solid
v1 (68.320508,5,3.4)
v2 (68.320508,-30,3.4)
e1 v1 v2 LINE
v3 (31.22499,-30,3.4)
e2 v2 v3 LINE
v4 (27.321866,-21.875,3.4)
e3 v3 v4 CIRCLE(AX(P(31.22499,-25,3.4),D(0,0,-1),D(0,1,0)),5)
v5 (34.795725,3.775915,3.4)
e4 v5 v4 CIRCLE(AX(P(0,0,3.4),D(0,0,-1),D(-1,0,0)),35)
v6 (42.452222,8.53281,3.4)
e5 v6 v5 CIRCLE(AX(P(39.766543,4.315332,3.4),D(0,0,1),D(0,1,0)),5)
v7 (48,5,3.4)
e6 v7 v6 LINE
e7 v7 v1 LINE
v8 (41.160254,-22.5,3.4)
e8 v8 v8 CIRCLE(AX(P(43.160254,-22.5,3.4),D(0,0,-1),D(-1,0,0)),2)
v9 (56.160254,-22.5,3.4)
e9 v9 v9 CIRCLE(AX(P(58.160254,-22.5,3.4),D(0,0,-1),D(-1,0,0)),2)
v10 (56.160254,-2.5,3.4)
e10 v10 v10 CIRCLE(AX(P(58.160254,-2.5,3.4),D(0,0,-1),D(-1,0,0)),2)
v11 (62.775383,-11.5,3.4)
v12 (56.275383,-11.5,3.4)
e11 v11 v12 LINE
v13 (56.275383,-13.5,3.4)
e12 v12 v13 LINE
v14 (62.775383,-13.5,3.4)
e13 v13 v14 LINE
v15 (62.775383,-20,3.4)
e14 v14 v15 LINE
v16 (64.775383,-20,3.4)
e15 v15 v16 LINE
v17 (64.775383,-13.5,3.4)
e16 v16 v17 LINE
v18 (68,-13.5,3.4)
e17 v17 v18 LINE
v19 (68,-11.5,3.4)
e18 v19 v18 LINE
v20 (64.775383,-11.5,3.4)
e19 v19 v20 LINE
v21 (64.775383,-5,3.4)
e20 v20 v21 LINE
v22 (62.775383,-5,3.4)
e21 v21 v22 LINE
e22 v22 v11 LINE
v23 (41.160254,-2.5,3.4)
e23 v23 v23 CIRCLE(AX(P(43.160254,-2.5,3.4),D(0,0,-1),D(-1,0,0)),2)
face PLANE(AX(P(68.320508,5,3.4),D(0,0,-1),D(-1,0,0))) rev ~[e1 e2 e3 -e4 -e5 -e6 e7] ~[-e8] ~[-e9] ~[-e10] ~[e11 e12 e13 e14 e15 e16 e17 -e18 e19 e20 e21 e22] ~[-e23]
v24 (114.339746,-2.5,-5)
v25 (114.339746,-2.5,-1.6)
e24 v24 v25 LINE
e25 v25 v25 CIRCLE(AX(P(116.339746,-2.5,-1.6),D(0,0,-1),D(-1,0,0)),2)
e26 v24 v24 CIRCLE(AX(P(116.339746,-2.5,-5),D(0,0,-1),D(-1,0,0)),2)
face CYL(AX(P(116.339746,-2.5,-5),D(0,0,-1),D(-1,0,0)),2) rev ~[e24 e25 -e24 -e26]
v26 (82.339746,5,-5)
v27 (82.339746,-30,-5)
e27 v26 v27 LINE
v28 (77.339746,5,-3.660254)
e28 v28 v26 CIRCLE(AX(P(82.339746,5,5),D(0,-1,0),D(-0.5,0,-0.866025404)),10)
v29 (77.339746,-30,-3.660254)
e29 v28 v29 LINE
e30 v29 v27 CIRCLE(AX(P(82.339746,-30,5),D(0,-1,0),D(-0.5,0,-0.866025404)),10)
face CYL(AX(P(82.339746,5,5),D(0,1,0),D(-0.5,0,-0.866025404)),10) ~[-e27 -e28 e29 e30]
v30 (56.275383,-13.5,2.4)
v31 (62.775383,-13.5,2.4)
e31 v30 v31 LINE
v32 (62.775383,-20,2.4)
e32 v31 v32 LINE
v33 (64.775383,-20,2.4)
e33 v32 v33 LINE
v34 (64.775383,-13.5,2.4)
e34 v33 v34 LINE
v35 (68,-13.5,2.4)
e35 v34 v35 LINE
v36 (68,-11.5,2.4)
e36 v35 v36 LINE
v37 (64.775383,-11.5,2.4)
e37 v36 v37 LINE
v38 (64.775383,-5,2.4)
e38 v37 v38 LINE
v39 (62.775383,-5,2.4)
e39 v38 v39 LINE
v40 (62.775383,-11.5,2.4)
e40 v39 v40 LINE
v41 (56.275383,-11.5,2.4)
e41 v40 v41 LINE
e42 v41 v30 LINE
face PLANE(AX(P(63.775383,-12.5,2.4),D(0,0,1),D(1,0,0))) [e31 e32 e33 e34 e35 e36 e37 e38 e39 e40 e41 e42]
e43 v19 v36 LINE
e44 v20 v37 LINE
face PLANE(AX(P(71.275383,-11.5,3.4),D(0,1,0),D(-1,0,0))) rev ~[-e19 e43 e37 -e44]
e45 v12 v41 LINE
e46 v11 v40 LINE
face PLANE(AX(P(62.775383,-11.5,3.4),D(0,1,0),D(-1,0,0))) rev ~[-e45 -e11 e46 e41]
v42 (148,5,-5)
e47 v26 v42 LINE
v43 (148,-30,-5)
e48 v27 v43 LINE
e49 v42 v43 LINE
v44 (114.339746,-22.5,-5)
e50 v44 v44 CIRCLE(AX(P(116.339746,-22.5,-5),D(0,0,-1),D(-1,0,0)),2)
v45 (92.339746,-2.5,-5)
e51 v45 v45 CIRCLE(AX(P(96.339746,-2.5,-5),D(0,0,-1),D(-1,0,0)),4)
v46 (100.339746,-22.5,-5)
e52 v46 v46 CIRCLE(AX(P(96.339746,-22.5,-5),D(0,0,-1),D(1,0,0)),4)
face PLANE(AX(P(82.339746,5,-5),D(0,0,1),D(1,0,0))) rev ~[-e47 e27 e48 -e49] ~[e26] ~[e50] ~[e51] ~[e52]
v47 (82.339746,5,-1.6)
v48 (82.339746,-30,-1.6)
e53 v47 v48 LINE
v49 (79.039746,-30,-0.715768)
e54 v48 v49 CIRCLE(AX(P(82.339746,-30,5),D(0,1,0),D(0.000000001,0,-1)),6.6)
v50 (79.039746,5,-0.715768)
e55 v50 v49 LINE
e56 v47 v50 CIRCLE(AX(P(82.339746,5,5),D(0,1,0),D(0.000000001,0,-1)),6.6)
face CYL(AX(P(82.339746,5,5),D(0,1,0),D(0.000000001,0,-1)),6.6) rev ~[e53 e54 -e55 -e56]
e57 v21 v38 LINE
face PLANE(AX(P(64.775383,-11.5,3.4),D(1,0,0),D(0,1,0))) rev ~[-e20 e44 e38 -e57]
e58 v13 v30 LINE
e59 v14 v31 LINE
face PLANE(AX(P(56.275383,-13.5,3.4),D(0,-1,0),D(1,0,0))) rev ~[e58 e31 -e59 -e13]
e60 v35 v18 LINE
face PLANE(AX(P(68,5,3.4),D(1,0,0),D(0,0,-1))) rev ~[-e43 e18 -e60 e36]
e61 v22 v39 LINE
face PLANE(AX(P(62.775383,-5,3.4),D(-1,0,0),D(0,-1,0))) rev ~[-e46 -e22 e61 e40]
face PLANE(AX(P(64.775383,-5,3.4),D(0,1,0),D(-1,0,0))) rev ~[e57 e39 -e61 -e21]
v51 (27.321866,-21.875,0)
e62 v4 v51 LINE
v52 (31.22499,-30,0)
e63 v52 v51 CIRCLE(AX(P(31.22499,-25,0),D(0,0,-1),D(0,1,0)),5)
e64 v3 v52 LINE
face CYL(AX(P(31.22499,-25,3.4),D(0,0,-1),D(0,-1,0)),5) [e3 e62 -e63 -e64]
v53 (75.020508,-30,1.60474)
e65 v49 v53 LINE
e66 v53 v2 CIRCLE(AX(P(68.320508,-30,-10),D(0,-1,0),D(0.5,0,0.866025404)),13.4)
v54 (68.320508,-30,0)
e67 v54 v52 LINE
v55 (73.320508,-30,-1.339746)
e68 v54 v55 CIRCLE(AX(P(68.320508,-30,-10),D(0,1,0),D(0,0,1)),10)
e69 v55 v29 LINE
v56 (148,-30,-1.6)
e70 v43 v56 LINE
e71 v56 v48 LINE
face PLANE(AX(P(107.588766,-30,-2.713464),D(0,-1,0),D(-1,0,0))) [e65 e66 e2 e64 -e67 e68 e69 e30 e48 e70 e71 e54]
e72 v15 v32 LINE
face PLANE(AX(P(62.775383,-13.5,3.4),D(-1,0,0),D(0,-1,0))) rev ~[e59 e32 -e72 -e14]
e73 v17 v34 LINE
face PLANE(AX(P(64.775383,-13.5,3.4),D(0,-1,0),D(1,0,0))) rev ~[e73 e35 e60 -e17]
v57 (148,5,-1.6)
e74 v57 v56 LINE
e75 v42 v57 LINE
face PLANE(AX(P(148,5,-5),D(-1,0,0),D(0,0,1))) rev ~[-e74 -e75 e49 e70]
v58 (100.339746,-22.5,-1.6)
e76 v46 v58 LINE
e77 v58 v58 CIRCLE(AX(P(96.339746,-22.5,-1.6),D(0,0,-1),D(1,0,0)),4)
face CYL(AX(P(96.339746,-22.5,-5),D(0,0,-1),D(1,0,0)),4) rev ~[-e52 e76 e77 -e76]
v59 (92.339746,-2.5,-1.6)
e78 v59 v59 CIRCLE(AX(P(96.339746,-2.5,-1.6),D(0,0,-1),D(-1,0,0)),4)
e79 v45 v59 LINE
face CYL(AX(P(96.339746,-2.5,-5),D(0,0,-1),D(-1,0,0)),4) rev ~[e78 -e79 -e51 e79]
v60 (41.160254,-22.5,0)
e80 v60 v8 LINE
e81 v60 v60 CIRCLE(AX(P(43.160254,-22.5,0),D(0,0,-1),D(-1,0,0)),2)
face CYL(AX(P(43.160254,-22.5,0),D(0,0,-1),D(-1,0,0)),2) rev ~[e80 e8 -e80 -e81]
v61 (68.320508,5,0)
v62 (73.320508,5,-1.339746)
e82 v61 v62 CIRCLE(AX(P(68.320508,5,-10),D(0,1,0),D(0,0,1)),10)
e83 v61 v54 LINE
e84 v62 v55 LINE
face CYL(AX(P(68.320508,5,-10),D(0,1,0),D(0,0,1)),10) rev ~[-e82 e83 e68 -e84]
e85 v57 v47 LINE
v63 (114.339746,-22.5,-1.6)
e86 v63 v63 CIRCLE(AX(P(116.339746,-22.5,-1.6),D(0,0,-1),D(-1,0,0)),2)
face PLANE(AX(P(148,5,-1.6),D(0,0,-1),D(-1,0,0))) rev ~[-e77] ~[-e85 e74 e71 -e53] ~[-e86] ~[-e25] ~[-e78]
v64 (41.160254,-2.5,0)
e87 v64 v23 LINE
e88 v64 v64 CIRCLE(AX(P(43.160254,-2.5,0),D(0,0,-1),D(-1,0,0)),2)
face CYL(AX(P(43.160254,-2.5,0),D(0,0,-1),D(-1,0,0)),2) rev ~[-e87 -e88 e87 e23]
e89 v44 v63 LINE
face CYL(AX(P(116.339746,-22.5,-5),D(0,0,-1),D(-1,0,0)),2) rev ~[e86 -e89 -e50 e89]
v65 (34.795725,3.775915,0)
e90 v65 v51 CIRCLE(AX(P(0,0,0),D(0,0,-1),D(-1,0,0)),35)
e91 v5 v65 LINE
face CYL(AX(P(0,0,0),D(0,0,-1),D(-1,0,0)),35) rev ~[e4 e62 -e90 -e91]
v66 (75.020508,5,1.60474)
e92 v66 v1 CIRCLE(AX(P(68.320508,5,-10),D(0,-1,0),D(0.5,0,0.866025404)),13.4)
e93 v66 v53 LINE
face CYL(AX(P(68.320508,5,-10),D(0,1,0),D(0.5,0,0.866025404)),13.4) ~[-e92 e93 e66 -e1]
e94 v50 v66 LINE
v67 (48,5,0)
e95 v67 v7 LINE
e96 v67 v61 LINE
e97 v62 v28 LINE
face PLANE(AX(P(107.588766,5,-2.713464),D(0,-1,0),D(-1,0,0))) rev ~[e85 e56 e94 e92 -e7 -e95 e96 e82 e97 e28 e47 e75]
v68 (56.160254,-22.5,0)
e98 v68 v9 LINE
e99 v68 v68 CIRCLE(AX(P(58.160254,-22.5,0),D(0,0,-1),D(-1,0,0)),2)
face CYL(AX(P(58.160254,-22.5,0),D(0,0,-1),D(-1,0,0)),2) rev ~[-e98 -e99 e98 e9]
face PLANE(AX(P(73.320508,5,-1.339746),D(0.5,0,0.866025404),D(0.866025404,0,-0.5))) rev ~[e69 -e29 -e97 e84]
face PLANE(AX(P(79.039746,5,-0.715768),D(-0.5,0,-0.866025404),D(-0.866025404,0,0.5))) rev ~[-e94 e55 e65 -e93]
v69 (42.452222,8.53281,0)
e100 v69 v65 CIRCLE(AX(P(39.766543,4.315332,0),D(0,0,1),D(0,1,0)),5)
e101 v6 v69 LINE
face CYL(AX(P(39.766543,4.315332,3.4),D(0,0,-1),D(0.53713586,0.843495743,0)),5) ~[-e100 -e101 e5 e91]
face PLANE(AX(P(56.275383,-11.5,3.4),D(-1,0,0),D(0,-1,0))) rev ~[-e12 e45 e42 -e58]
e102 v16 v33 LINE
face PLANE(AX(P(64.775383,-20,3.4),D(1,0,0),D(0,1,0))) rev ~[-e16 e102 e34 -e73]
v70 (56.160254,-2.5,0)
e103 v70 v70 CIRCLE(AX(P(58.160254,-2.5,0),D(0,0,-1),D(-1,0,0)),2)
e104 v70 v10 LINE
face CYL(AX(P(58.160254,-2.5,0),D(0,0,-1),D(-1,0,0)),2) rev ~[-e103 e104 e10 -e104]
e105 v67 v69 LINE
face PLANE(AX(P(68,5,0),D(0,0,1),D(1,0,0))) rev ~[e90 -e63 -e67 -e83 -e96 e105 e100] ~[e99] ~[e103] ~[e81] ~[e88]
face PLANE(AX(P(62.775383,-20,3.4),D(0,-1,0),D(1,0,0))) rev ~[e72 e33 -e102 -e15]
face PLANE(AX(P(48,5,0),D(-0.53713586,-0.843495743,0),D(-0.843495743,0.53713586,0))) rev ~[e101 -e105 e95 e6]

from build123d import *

# Parameters (mm, degrees)
BOSS_EXTRUDE1_DEPTH = 3.4
SKETCH3_R           = 5
CUT_EXTRUDE1_DEPTH  = 6
CUT_EXTRUDE2_DEPTH  = 10
SKETCH6_R           = 35
CUT_EXTRUDE3_DEPTH  = 10
CUT_EXTRUDE4_DEPTH  = 1
CUT_EXTRUDE5_REACH  = 87.508
SKETCH8_W           = 12
SKETCH8_H           = 35
BOSS_EXTRUDE2_DEPTH = 35
SKETCH10_R          = 4
CUT_EXTRUDE6_DEPTH  = 10
CUT_EXTRUDE7_REACH  = 153.093
SKETCH11_R          = 2
CUT_EXTRUDE8_REACH  = 153.243
SKETCH12_R          = 2
FILLET1_R           = 5


with BuildPart() as part:
    # Sketch1 → Boss-Extrude1 (new body)
    with BuildSketch(Plane.XY):
        with BuildLine():
            Line((0, -30), (80, -30))
            Line((80, -30), (80, 5))
            Line((80, 5), (48, 5))
            Line((48, 5), (16.114075804, 25.304872277))
            ThreePointArc((16.114075804, 25.304872277), (-28.802310396, 8.392074585), (0, -30))
        make_face()
    extrude(amount=BOSS_EXTRUDE1_DEPTH)

    # Sketch3 → Cut-Extrude1 (cut)
    with BuildSketch(Plane.XY.offset(3.4)):
        Circle(SKETCH3_R)
    extrude(amount=-CUT_EXTRUDE1_DEPTH, mode=Mode.SUBTRACT)

    # Sketch5 → Cut-Extrude2 (cut)
    with BuildSketch(Plane.XY.offset(3.4)):
        with BuildLine():
            ThreePointArc((0, 10), (-8.660254038, 5), (-8.660254038, -5))
            ThreePointArc((-8.660254038, -5), (-10.124355653, -10.464101615), (-15.588457268, -9))
            ThreePointArc((-15.588457268, -9), (-15.588457268, 9), (0, 18))
            ThreePointArc((0, 18), (4, 14), (0, 10))
        make_face()
    extrude(amount=-CUT_EXTRUDE2_DEPTH, mode=Mode.SUBTRACT)

    # Sketch6 → Cut-Extrude3 (cut)
    with BuildSketch(Plane(origin=(0, 0, 0), x_dir=(-1, 0, 0), z_dir=(0, 0, -1))):
        Circle(SKETCH6_R)
    extrude(amount=-CUT_EXTRUDE3_DEPTH, mode=Mode.SUBTRACT)

    # Sketch7 → Cut-Extrude4 (cut)
    with BuildSketch(Plane.XY.offset(3.4)):
        Polygon((62.77538264, -13.5), (62.77538264, -20), (64.77538264, -20), (64.77538264, -13.5), (71.27538264, -13.5), (71.27538264, -11.5), (64.77538264, -11.5), (64.77538264, -5), (62.77538264, -5), (62.77538264, -11.5), (56.27538264, -11.5), (56.27538264, -13.5), align=None)
    extrude(amount=-CUT_EXTRUDE4_DEPTH, mode=Mode.SUBTRACT)

    # Sketch8 → Cut-Extrude5 (cut, up to next)
    with BuildSketch(Plane(origin=(0, 0, 0), x_dir=(-1, 0, 0), z_dir=(0, 0, -1)), mode=Mode.PRIVATE) as cut_extrude5_sk1:
        with Locations((-74, -12.5)):
            Rectangle(SKETCH8_W, SKETCH8_H)
    cut_extrude5_tool1 = extrude(cut_extrude5_sk1.sketch, amount=-CUT_EXTRUDE5_REACH, mode=Mode.PRIVATE) & part.part
    add(cut_extrude5_tool1.solids().sort_by_distance((74, -12.5, 0))[0], mode=Mode.SUBTRACT)

    # Sketch9 → Boss-Extrude2 (add)
    with BuildSketch(Plane(origin=(0, 5, 0), x_dir=(1, 0, 0), z_dir=(0, 1, 0))):
        with BuildLine():
            Line((68, 0), (68.320508076, 0))
            ThreePointArc((68.320508076, 0), (70.908698527, 0.340741737), (73.320508076, 1.339745962))
            Line((73.320508076, 1.339745962), (77.339745962, 3.660254038))
            ThreePointArc((77.339745962, 3.660254038), (79.751555511, 4.659258263), (82.339745962, 5))
            Line((82.339745962, 5), (83, 5))
            Line((83, 5), (148, 5))
            Line((148, 5), (148, 1.6))
            Line((148, 1.6), (83, 1.6))
            Line((83, 1.6), (82.339745962, 1.6))
            ThreePointArc((82.339745962, 1.6), (80.631540264, 1.375110454), (79.039745962, 0.715767665))
            Line((79.039745962, 0.715767665), (75.020508076, -1.604740411))
            ThreePointArc((75.020508076, -1.604740411), (71.78868328, -2.943406072), (68.320508076, -3.4))
            Line((68.320508076, -3.4), (68, -3.4))
            Line((68, -3.4), (68, 0))
        make_face()
    extrude(amount=-BOSS_EXTRUDE2_DEPTH)

    # Sketch10 → Cut-Extrude6 (cut)
    with BuildSketch(Plane(origin=(0, 0, -5), x_dir=(-1, 0, 0), z_dir=(0, 0, -1))):
        with Locations((-96.339745962, -2.5)):
            Circle(SKETCH10_R)
        with Locations(Location((-96.339745962, -22.5, 0), (0, 0, 180))):
            Circle(SKETCH10_R)
    extrude(amount=-CUT_EXTRUDE6_DEPTH, mode=Mode.SUBTRACT)

    # Sketch11 → Cut-Extrude7 (cut, up to next)
    with BuildSketch(Plane(origin=(0, 0, 0), x_dir=(-1, 0, 0), z_dir=(0, 0, -1)), mode=Mode.PRIVATE) as cut_extrude7_sk1:
        with Locations((-58.160254038, -22.5)):
            Circle(SKETCH11_R)
    cut_extrude7_tool1 = extrude(cut_extrude7_sk1.sketch, amount=-CUT_EXTRUDE7_REACH, mode=Mode.PRIVATE) & part.part
    # Sketch11 → Cut-Extrude7 (cut, up to next)
    with BuildSketch(Plane(origin=(0, 0, 0), x_dir=(-1, 0, 0), z_dir=(0, 0, -1)), mode=Mode.PRIVATE) as cut_extrude7_sk2:
        with Locations((-58.160254038, -2.5)):
            Circle(SKETCH11_R)
    cut_extrude7_tool2 = extrude(cut_extrude7_sk2.sketch, amount=-CUT_EXTRUDE7_REACH, mode=Mode.PRIVATE) & part.part
    # Sketch11 → Cut-Extrude7 (cut, up to next)
    with BuildSketch(Plane(origin=(0, 0, 0), x_dir=(-1, 0, 0), z_dir=(0, 0, -1)), mode=Mode.PRIVATE) as cut_extrude7_sk3:
        with Locations((-43.160254038, -22.5)):
            Circle(SKETCH11_R)
    cut_extrude7_tool3 = extrude(cut_extrude7_sk3.sketch, amount=-CUT_EXTRUDE7_REACH, mode=Mode.PRIVATE) & part.part
    # Sketch11 → Cut-Extrude7 (cut, up to next)
    with BuildSketch(Plane(origin=(0, 0, 0), x_dir=(-1, 0, 0), z_dir=(0, 0, -1)), mode=Mode.PRIVATE) as cut_extrude7_sk4:
        with Locations((-43.160254038, -2.5)):
            Circle(SKETCH11_R)
    cut_extrude7_tool4 = extrude(cut_extrude7_sk4.sketch, amount=-CUT_EXTRUDE7_REACH, mode=Mode.PRIVATE) & part.part
    add(cut_extrude7_tool1.solids().sort_by_distance((58.160254, -22.5, 0))[0], mode=Mode.SUBTRACT)
    add(cut_extrude7_tool2.solids().sort_by_distance((58.160254, -2.5, 0))[0], mode=Mode.SUBTRACT)
    add(cut_extrude7_tool3.solids().sort_by_distance((43.160254, -22.5, 0))[0], mode=Mode.SUBTRACT)
    add(cut_extrude7_tool4.solids().sort_by_distance((43.160254, -2.5, 0))[0], mode=Mode.SUBTRACT)

    # Sketch12 → Cut-Extrude8 (cut, up to next)
    with BuildSketch(Plane(origin=(0, 0, -5), x_dir=(-1, 0, 0), z_dir=(0, 0, -1)), mode=Mode.PRIVATE) as cut_extrude8_sk1:
        with Locations((-116.339745962, -22.5)):
            Circle(SKETCH12_R)
    cut_extrude8_tool1 = extrude(cut_extrude8_sk1.sketch, amount=-CUT_EXTRUDE8_REACH, mode=Mode.PRIVATE) & part.part
    # Sketch12 → Cut-Extrude8 (cut, up to next)
    with BuildSketch(Plane(origin=(0, 0, -5), x_dir=(-1, 0, 0), z_dir=(0, 0, -1)), mode=Mode.PRIVATE) as cut_extrude8_sk2:
        with Locations((-116.339745962, -2.5)):
            Circle(SKETCH12_R)
    cut_extrude8_tool2 = extrude(cut_extrude8_sk2.sketch, amount=-CUT_EXTRUDE8_REACH, mode=Mode.PRIVATE) & part.part
    add(cut_extrude8_tool1.solids().sort_by_distance((116.339746, -22.5, -5))[0], mode=Mode.SUBTRACT)
    add(cut_extrude8_tool2.solids().sort_by_distance((116.339746, -2.5, -5))[0], mode=Mode.SUBTRACT)

    # Fillet1
    fillet1_edges = [part.edges().sort_by_distance(p)[0] for p in [
        (31.320411557, 15.621517849, 1.7),
        (18.027756377, -30, 1.7),
    ]]
    fillet(fillet1_edges, radius=FILLET1_R)


solid = part.part
